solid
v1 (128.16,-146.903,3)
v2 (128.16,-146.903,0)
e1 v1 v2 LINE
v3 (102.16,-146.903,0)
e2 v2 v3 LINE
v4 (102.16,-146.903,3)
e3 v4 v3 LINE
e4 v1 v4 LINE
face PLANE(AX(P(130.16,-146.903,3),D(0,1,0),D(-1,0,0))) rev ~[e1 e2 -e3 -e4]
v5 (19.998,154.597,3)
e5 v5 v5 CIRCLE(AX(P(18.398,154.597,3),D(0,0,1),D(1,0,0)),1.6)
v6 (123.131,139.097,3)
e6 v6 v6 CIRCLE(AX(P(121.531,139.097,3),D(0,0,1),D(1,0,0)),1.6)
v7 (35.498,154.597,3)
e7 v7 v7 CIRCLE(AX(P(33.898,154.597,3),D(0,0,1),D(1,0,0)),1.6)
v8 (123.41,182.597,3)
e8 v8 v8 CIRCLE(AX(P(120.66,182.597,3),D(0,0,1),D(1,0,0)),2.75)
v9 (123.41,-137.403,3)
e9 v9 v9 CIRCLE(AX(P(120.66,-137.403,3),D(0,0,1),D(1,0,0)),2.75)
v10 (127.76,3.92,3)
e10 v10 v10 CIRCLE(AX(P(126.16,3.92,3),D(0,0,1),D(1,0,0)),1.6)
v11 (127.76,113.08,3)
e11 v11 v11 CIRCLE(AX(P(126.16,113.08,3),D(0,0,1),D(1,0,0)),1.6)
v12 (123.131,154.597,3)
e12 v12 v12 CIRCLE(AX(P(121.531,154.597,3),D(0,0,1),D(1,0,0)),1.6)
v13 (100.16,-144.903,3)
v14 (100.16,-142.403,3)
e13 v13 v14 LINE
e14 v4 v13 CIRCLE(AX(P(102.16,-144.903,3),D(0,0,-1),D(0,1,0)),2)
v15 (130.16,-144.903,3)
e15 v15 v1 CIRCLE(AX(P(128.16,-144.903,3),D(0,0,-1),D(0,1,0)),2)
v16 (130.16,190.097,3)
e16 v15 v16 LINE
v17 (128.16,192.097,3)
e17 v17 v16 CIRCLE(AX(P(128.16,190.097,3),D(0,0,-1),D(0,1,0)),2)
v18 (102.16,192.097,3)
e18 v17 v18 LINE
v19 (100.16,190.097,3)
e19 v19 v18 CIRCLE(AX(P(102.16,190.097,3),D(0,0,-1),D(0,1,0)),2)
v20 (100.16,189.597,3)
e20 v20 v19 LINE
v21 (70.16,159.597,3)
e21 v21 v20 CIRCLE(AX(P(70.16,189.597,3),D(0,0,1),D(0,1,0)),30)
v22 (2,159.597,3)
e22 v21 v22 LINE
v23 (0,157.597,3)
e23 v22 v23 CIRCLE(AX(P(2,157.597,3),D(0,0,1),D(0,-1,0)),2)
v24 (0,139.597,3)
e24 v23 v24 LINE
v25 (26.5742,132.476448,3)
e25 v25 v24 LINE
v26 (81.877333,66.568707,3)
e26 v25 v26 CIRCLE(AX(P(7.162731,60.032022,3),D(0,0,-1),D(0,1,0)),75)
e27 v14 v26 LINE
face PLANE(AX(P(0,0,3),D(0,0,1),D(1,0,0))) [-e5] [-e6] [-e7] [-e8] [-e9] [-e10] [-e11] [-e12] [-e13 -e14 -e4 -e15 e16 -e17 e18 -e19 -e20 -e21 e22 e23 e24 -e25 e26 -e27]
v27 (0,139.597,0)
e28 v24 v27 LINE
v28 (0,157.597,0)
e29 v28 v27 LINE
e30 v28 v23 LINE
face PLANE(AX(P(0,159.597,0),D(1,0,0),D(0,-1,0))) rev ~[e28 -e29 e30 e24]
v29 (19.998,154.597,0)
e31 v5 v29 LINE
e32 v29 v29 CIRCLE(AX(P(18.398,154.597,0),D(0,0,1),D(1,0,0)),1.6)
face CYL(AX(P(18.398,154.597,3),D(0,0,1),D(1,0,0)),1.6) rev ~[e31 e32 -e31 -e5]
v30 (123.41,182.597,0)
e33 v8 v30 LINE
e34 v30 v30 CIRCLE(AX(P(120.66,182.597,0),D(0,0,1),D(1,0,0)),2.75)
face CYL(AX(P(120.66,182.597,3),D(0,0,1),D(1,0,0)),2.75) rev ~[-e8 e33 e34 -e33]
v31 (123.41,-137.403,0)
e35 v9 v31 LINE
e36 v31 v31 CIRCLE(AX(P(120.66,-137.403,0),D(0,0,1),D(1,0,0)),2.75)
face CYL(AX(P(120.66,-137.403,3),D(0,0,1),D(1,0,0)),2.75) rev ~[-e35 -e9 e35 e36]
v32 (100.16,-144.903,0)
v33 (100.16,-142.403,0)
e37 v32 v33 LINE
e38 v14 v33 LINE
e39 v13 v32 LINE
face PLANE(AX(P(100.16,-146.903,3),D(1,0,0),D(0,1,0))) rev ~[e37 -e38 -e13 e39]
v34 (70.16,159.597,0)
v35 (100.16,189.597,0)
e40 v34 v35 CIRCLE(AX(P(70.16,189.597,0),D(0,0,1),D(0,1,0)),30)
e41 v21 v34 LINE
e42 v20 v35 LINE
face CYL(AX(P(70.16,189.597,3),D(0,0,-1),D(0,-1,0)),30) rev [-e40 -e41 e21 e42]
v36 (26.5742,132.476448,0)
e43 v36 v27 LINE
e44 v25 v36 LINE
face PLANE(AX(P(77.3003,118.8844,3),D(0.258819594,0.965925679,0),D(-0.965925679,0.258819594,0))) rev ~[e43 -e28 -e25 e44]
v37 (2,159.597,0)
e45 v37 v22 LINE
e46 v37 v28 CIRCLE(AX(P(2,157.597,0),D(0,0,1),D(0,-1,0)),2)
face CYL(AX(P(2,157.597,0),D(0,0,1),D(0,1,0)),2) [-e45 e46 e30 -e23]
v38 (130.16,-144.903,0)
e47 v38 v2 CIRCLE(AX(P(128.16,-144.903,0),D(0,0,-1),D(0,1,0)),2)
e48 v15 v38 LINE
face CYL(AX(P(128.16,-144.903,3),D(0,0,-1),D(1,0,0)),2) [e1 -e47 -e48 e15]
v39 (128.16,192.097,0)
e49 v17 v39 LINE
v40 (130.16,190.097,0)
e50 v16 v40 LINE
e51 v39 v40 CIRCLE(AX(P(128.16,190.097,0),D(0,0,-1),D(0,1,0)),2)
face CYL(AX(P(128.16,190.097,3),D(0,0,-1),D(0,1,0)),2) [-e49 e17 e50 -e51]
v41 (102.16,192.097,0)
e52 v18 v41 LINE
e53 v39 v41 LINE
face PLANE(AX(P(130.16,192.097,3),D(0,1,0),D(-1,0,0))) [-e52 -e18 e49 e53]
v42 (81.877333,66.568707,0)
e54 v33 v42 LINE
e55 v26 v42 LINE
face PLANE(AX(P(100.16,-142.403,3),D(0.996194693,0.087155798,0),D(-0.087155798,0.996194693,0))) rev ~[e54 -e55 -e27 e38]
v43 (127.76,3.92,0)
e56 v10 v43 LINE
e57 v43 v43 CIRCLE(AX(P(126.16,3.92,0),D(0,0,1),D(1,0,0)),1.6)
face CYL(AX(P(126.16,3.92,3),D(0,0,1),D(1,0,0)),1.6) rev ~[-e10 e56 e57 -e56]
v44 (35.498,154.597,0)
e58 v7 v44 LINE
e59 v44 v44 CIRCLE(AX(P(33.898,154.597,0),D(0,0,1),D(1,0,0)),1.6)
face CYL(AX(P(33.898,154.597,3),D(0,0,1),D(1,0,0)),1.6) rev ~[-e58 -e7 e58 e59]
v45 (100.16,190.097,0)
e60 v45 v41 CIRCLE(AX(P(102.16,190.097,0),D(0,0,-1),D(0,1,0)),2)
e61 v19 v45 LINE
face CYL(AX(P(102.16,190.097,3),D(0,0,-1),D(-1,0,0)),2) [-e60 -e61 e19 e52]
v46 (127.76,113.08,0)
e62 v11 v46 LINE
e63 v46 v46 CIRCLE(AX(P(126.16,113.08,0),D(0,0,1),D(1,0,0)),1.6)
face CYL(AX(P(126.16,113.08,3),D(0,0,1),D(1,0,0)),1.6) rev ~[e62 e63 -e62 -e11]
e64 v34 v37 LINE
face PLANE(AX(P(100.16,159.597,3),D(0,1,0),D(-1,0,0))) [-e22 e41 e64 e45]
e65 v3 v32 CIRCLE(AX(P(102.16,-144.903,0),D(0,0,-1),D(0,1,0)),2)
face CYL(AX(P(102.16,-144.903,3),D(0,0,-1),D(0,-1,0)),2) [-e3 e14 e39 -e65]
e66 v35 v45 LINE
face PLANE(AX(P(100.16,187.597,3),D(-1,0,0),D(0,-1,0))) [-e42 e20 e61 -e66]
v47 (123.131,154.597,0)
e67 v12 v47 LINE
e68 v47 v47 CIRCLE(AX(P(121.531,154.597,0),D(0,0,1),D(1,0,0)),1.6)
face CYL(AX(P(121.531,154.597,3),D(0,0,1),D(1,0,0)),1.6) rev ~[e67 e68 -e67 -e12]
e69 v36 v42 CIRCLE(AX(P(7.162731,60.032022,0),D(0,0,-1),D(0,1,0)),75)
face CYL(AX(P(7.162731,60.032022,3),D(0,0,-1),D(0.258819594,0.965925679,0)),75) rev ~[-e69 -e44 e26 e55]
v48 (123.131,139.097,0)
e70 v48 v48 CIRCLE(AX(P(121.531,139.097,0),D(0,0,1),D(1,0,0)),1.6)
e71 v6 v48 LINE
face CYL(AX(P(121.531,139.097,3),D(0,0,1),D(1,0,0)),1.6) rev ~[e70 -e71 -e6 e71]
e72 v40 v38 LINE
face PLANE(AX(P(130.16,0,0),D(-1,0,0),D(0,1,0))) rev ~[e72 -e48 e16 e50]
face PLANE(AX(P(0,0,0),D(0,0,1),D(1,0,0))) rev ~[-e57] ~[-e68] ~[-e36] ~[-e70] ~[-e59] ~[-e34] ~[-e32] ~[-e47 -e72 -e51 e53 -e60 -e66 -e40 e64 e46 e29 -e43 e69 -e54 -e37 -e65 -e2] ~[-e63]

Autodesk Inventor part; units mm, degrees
ref_plane "YZ Plane" through (0, 0, 0) normal (1, 0, 0) x (0, 1, 0)
ref_plane "XZ Plane" through (0, 0, 0) normal (0, 1, 0) x (-1, 0, 0)
ref_plane "XY Plane" through (0, 0, 0) normal (0, 0, 1) x (1, 0, 0)
sketch "スケッチ1" plane through (0, 0, 0) normal (0, 0, 1) x (1, 0, 0)
  line L0 (0, 0) -> (130.16, 0)
  line L1 (130.16, 0) -> (130.16, 159.597)
  line L2 (130.16, 159.597) -> (0, 159.597)
  line L3 (0, 159.597) -> (0, 0)
  dimension "d0" = 130.16
  dimension "d1" = 159.597
extrude "押し出し1" add sketch "スケッチ1" along normal blind 3
sketch "スケッチ2" plane through (0, 0, 3) normal (0, 0, 1) x (1, 0, 0)
  line L0 (126.16, 3.92) -> (126.16, 113.08) construction
  circle A0 centre (126.16, 3.92) radius 1.6
  circle A1 centre (126.16, 113.08) radius 1.6
  line L1 (130.16, 0) -> (130.16, 159.597) projected
  line L2 (0, 0) -> (130.16, 0) projected
  circle A2 centre (121.531, 154.597) radius 1.6
  line L3 (130.16, 159.597) -> (0, 159.597) projected
  line L4 (121.531, 154.597) -> (121.531, 139.097) construction
  circle A3 centre (121.531, 139.097) radius 1.6
  line L5 (18.398, 154.597) -> (33.898, 154.597) construction
  line L6 (0, 159.597) -> (0, 0) construction
  circle A4 centre (18.398, 154.597) radius 1.6
  circle A5 centre (33.898, 154.597) radius 1.6
  dimension "d4" = 3.2
  dimension "d5" = 4
  dimension "d6" = 3.92
  dimension "d7" = 109.16
  dimension "d10" = 5
  dimension "d11" = 8.629
  dimension "d12" = 15.5
  dimension "d13" = 18.398
  dimension "d14" = 5
  dimension "d15" = 15.5
extrude "押し出し2" cut sketch "スケッチ2" against normal blind 3
sketch "スケッチ9" plane through (0, 0, 3) normal (0, 0, 1) x (1, 0, 0)
  line L0 (130.16, 159.597) -> (0, 159.597)
  line L1 (100.16, 192.597) -> (130.16, 192.597)
  line L2 (130.16, 192.597) -> (130.16, 159.597)
  line L3 (100.16, 192.597) -> (100.16, 187.597)
  line L4 (130.16, 159.597) -> (0, 159.597) projected
  line L5 (100.16, 187.597) -> (0, 159.597)
  line L6 (130.16, 0) -> (130.16, -147.403)
  line L7 (130.16, -147.403) -> (100.16, -147.403)
  line L8 (100.16, -147.403) -> (100.16, -142.403)
  line L9 (100.16, -142.403) -> (0, 0)
  line L10 (0, 0) -> (130.16, 0)
  circle A0 centre (120.66, 182.597) radius 2.75
  circle A1 centre (120.66, -137.403) radius 2.75
  line L11 (130.16, 192.097) -> (100.16, 192.097)
  line L12 (130.16, -146.903) -> (100.16, -146.903)
  dimension "d50" = 33
  dimension "d51" = 30
  dimension "d52" = 5
  dimension "d53" = 340
  dimension "d54" = 10
  dimension "d55" = 9.5
  dimension "d56" = 0.5
  dimension "d57" = 5.5
  dimension "d58" = 9.5
  dimension "d59" = 10
  dimension "d60" = 0.5
extrude "押し出し8" add sketch "スケッチ9" against normal blind 3 contours L0 L5 L3 L11 L2 | L6 L12 L8 L9 L10
sketch "スケッチ10" plane through (0, 0, 3) normal (0, 0, 1) x (1, 0, 0)
  line L0 (100.16, -146.903) -> (100.16, -142.403) projected
  line L1 (100.16, -142.403) -> (77.3003, 118.8844)
  line L2 (77.3003, 118.8844) -> (0, 139.597)
  line L3 (0, 159.597) -> (0, 0) projected
  line L4 (0, 139.597) -> (0, 0)
  line L5 (0, 0) -> (100.16, -142.403)
  line L6 (130.16, -146.903) -> (130.16, 192.097) projected
  dimension "d63" = 20
  dimension "d64" = 105
  dimension "d65" = 5
extrude "押し出し9" cut sketch "スケッチ10" against normal blind 3
fillet "フィレット2" radius 75 1 edges at (77.3003, 118.8844, 1.5)
sketch "スケッチ12" plane through (0, 0, 3) normal (0, 0, 1) x (1, 0, 0)
  line L0 (100.16, 187.597) -> (100.16, 159.597)
  line L1 (100.16, 159.597) -> (0, 159.597)
  line L2 (0, 159.597) -> (100.16, 187.597)
  line L3 (0, 159.597) -> (0, 139.597) projected
  point P0 (0, 0)
extrude "押し出し10" cut sketch "スケッチ12" against normal blind 3
fillet "フィレット4" radius 30 1 edges at (100.16, 159.597, 1.5)
fillet "フィレット5" radius 2 5 edges at (100.16, 192.097, 1.5) (0, 159.597, 1.5) (100.16, -146.903, 1.5) (130.16, -146.903, 1.5) (130.16, 192.097, 1.5)
equation "\"d58\" = d55"
equation "\"d59\" = d54"
equation "\"d60\" = d56"
properties part number "small_gpu_05" material "アルミニウム 6061"
